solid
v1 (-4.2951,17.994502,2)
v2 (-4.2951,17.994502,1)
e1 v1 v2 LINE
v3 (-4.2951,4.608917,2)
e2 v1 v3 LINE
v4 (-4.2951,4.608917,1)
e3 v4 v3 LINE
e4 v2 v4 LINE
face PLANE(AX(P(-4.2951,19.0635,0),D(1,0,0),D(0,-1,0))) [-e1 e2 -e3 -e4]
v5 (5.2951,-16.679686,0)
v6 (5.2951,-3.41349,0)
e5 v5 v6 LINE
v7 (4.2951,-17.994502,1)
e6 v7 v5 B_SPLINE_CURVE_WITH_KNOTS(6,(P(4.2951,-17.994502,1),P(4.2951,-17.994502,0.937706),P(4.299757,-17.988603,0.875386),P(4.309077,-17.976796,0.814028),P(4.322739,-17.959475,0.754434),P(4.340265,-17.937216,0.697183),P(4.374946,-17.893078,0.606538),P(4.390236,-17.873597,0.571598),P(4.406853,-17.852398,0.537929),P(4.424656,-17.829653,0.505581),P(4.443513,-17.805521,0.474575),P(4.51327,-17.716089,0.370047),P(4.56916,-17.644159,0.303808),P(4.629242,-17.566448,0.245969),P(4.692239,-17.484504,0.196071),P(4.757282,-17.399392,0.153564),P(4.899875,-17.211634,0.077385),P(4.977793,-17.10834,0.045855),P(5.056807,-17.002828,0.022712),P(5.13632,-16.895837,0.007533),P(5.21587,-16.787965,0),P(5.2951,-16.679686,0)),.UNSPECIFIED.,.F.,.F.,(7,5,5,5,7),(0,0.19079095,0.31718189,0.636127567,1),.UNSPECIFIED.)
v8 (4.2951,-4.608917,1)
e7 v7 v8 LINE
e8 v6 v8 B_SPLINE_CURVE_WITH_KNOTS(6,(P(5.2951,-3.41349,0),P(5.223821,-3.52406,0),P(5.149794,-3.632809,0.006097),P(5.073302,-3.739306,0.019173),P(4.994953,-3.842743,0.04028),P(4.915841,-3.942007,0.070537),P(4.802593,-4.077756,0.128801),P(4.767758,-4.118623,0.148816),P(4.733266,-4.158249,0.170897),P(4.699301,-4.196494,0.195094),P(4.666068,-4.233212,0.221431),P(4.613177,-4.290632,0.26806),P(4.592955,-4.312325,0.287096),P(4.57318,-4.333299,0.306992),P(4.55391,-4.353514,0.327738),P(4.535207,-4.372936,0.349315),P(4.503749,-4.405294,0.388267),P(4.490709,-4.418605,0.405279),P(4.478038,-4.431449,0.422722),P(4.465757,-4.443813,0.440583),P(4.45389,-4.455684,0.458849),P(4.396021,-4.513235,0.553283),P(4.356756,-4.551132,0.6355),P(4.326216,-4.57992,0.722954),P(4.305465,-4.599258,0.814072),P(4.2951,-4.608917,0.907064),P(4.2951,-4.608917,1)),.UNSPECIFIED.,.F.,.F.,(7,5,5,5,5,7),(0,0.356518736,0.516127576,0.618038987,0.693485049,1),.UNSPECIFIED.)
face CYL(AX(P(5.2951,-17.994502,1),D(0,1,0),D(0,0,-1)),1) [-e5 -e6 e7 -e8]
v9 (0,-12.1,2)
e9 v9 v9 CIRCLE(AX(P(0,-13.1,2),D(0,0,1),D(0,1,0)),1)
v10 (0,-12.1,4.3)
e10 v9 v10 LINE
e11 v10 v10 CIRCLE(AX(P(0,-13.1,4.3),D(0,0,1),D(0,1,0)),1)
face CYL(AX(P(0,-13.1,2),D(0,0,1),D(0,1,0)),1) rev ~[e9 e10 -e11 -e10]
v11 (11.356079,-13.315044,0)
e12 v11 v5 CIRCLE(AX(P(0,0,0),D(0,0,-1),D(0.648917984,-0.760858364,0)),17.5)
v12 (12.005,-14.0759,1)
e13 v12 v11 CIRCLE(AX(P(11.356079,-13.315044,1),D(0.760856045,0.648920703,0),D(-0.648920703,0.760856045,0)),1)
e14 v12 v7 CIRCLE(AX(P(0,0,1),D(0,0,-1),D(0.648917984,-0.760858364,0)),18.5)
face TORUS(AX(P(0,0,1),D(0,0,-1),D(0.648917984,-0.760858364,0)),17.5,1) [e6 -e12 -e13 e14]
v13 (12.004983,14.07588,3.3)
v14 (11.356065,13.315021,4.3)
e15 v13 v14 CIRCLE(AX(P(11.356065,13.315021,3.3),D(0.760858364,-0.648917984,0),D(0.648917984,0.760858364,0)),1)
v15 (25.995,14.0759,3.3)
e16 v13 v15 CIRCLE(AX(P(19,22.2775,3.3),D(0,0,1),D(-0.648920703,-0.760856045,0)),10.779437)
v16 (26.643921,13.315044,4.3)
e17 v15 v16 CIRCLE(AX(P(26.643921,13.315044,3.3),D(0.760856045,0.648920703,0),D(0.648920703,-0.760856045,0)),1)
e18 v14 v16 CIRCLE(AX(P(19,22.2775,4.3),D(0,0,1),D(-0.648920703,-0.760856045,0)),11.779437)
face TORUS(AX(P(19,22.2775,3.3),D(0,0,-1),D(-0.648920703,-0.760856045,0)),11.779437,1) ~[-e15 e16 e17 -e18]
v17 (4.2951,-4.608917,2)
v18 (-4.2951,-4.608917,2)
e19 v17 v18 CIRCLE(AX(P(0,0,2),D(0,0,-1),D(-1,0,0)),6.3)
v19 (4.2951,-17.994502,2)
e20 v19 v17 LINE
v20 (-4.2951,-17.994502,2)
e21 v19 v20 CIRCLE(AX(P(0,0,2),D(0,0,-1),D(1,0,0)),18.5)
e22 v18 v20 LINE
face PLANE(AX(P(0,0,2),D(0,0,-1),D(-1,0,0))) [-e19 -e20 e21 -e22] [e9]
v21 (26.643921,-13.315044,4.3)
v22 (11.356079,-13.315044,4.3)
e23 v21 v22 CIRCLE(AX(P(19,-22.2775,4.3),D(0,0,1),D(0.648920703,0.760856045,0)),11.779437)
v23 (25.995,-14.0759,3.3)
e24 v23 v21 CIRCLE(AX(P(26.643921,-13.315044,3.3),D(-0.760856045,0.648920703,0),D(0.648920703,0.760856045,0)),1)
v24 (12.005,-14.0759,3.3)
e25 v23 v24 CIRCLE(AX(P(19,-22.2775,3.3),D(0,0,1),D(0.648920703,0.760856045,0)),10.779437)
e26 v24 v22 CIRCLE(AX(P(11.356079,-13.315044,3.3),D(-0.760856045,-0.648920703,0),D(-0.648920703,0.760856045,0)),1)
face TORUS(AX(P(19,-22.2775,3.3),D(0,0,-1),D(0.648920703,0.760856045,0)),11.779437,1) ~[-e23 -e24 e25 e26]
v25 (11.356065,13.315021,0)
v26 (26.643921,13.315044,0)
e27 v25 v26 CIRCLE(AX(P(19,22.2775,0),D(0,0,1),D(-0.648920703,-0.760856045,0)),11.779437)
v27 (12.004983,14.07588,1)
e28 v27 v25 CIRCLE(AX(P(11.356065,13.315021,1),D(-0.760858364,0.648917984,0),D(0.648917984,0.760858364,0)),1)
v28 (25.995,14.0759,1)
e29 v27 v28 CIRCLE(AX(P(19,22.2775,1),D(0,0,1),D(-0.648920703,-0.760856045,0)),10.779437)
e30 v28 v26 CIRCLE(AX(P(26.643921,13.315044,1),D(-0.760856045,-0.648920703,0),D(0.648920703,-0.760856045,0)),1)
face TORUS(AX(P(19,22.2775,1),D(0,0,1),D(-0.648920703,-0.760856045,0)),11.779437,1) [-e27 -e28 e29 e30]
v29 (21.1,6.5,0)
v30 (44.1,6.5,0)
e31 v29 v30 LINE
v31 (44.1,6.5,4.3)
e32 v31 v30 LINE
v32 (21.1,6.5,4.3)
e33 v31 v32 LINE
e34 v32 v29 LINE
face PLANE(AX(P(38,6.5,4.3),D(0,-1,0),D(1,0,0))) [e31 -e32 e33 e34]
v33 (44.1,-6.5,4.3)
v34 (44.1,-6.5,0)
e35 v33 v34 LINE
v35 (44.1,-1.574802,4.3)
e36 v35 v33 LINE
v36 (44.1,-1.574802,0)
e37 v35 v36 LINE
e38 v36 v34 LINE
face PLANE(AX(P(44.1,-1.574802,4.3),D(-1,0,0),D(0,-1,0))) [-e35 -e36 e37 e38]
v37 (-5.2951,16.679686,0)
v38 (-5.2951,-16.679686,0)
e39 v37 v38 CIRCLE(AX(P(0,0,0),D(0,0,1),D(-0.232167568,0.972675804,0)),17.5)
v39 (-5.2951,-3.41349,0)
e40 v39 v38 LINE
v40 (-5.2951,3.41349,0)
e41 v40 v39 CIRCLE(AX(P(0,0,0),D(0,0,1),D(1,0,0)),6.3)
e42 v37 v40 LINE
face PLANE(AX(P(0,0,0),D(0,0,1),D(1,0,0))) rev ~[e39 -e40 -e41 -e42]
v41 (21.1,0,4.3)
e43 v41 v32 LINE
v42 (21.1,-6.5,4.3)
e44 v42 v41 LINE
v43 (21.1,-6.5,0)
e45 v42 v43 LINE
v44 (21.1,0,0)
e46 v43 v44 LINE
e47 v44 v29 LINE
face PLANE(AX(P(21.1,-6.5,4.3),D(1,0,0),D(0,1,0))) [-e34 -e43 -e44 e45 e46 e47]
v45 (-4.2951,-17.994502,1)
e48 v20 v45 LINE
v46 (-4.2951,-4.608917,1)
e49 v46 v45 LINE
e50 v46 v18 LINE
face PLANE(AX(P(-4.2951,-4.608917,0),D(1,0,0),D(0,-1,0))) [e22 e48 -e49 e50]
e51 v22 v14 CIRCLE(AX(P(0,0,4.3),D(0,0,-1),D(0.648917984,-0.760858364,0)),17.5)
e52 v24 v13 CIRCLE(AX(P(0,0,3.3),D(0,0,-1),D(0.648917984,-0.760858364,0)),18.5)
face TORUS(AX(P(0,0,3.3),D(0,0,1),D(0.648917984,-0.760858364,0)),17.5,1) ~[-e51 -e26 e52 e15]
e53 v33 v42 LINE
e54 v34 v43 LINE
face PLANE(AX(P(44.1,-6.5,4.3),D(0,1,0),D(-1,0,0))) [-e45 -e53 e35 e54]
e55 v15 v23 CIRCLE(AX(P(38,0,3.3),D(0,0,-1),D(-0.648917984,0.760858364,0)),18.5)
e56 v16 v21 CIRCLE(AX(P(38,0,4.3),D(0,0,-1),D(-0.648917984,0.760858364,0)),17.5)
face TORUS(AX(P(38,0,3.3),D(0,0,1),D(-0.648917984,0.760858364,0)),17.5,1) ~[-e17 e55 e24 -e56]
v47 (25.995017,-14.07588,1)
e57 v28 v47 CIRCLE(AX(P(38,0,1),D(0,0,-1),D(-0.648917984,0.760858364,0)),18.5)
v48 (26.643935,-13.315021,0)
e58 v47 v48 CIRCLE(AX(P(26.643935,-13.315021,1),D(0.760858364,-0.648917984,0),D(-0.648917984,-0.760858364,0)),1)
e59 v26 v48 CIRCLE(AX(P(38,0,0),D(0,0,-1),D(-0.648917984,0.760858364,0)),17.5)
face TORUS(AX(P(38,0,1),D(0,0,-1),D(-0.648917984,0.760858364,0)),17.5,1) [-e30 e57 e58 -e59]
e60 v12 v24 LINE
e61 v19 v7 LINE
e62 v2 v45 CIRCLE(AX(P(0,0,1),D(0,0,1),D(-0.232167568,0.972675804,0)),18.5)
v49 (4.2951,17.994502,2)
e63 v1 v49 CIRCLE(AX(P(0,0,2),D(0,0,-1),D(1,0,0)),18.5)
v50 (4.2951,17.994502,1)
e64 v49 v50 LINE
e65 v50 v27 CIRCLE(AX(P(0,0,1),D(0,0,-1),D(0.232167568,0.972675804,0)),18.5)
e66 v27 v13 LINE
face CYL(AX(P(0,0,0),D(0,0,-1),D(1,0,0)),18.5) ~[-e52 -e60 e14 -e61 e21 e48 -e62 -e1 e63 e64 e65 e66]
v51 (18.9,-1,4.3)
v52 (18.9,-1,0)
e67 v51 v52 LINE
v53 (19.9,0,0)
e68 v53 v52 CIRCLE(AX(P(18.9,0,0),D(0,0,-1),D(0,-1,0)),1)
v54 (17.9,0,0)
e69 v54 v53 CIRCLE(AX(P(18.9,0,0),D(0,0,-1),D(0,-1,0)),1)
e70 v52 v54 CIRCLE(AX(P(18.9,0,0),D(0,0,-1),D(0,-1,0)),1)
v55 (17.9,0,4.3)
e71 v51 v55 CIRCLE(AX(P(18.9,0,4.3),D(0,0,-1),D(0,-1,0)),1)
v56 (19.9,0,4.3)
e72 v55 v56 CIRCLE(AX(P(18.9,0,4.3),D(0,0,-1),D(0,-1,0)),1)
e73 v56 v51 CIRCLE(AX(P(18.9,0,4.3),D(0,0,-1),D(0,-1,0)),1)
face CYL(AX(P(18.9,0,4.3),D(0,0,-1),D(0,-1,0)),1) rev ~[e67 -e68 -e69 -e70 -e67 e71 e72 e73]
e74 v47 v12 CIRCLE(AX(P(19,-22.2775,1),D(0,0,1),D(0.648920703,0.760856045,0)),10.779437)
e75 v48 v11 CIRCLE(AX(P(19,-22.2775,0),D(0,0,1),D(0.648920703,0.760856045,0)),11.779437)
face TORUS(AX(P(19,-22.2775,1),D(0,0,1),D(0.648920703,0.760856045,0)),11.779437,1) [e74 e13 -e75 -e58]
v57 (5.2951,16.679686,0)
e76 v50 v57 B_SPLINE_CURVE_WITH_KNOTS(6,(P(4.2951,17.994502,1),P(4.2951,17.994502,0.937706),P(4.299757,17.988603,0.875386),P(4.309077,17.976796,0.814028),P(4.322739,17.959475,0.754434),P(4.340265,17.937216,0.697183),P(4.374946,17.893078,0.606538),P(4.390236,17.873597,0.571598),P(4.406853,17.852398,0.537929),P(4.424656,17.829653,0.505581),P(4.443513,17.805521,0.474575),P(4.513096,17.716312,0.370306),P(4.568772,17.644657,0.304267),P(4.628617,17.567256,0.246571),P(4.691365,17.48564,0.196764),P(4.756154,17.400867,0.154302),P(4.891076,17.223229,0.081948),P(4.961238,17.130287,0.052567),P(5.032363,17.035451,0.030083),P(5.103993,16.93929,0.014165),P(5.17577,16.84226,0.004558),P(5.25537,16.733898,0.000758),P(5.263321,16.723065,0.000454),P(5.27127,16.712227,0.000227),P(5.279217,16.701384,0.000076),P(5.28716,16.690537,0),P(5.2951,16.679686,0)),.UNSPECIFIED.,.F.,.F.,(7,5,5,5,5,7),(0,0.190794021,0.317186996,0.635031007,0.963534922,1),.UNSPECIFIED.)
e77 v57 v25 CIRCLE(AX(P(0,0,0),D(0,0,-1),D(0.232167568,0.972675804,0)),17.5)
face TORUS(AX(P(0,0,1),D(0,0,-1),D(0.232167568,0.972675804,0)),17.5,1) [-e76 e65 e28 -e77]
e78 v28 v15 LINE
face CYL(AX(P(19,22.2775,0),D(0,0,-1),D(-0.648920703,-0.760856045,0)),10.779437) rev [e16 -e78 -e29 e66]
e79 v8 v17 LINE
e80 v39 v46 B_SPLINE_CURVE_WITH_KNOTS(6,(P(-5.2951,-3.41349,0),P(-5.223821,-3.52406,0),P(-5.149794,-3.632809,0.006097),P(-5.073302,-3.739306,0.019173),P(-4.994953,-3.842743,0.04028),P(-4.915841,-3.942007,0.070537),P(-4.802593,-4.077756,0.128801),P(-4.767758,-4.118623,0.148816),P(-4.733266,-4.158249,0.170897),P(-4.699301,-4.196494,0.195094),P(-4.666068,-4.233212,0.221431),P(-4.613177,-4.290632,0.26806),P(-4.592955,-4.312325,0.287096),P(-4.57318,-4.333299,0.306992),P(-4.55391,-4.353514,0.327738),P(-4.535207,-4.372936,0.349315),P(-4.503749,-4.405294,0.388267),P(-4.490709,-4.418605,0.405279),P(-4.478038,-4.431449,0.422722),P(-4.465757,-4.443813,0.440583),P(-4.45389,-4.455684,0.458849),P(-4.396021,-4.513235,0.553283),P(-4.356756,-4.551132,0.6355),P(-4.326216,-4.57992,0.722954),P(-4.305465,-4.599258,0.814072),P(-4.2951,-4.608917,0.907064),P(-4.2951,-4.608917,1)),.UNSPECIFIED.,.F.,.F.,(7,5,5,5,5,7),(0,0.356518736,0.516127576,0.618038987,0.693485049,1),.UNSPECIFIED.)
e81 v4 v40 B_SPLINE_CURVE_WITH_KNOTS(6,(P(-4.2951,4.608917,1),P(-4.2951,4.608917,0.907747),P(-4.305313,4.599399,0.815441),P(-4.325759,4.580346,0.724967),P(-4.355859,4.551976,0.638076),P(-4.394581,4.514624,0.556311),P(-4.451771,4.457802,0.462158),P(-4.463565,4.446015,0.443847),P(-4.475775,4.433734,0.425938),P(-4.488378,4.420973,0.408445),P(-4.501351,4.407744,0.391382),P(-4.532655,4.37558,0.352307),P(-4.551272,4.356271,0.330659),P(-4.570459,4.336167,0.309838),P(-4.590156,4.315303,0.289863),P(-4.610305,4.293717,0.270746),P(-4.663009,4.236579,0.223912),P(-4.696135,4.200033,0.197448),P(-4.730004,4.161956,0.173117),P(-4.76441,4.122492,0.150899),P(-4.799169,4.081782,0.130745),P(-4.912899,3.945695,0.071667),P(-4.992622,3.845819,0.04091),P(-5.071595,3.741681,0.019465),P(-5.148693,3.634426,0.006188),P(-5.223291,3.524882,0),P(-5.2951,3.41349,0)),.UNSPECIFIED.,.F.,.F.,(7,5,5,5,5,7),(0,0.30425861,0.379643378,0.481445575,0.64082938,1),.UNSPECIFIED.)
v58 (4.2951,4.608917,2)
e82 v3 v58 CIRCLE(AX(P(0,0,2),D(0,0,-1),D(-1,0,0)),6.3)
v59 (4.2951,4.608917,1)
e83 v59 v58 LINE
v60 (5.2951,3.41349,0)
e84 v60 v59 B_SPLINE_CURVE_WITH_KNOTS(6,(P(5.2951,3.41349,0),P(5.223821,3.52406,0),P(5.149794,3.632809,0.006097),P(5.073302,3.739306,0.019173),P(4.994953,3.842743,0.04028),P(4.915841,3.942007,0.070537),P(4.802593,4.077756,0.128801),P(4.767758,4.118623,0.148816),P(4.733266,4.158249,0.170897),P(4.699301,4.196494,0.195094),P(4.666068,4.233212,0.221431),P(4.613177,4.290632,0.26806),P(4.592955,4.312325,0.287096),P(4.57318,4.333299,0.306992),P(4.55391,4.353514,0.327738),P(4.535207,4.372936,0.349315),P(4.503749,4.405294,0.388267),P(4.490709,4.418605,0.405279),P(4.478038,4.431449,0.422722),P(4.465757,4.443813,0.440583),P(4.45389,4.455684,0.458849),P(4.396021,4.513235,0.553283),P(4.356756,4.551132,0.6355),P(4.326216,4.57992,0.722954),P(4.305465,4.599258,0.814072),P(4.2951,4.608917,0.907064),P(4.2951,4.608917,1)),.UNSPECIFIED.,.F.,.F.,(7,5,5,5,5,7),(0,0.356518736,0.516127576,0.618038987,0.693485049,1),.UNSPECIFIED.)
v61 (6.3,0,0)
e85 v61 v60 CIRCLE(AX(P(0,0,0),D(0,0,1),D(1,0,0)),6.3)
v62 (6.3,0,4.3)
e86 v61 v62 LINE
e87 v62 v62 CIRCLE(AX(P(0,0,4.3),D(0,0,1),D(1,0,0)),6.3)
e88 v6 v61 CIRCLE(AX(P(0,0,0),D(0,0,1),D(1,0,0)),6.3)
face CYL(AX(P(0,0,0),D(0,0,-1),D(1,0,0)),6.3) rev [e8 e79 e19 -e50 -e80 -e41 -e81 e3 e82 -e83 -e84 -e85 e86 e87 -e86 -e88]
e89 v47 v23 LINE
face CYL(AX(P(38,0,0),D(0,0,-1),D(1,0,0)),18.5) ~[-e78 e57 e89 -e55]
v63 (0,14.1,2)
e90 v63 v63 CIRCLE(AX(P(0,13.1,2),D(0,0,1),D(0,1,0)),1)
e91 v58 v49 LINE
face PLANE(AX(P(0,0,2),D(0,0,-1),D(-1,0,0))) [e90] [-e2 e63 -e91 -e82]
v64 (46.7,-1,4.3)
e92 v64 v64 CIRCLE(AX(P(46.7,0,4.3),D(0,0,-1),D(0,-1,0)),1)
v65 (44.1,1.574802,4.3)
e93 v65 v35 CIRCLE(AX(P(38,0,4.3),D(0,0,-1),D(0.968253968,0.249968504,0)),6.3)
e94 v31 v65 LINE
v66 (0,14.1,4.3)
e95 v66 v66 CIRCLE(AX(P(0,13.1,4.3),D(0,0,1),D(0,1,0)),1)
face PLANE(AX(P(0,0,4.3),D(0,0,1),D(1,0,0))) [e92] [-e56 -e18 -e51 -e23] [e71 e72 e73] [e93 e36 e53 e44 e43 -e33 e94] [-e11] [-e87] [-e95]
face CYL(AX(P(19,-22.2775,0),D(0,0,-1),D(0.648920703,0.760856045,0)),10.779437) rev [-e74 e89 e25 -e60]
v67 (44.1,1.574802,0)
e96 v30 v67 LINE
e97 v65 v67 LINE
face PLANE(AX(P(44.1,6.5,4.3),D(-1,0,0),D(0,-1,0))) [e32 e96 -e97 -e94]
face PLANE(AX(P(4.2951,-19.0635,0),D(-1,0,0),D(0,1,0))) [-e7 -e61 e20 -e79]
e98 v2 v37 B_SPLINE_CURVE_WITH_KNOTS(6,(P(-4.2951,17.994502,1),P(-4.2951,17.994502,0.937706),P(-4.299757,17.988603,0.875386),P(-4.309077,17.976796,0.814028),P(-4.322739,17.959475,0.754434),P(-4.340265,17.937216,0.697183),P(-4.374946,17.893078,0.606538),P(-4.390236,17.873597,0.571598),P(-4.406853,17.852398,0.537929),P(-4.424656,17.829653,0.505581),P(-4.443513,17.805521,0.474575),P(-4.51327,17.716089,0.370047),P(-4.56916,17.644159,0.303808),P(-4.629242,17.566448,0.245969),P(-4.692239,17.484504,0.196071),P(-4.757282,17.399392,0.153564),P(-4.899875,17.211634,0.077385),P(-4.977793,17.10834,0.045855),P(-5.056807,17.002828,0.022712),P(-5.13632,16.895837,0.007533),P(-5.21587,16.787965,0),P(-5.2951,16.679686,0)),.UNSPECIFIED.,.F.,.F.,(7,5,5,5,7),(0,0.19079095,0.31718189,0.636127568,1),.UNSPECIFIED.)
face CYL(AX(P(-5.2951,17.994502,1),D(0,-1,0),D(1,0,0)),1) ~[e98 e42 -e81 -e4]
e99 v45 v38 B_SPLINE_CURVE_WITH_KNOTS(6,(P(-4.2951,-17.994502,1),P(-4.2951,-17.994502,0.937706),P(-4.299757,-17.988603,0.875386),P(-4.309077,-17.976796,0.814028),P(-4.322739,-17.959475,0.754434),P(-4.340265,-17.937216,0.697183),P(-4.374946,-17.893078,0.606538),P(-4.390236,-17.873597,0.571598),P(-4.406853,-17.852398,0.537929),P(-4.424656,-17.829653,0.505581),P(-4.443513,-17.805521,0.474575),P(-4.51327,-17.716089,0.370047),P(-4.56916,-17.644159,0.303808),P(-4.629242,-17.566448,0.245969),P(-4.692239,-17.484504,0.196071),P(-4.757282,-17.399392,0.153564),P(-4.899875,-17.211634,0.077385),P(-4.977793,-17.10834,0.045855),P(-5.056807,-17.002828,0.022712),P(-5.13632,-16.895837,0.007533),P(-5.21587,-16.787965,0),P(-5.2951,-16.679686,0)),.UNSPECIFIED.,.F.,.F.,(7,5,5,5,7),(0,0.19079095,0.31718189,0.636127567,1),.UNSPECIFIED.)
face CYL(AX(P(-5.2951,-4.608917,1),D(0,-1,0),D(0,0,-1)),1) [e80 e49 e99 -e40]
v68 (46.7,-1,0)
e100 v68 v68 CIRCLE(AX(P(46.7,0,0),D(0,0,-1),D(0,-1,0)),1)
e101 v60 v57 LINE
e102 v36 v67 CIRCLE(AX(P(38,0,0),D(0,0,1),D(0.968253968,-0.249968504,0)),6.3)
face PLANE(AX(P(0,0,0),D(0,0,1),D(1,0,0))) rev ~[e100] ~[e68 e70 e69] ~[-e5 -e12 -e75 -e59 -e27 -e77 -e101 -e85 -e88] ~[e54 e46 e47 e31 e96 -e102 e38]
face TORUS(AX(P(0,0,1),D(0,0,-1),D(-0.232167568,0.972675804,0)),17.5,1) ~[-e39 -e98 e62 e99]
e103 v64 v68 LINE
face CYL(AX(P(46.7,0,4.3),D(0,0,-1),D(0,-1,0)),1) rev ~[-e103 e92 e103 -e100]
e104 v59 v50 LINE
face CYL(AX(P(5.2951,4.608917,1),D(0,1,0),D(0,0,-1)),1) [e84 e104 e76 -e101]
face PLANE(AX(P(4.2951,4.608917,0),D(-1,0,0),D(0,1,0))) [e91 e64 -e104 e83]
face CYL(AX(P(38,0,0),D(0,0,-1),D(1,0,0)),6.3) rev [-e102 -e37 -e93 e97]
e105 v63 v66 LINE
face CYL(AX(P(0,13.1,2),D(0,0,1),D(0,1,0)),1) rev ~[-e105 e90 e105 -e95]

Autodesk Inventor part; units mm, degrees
ref_plane "YZ Plane" through (0, 0, 0) normal (1, 0, 0) x (0, 1, 0)
ref_plane "XZ Plane" through (0, 0, 0) normal (0, 1, 0) x (-1, 0, 0)
ref_plane "XY Plane" through (0, 0, 0) normal (0, 0, 1) x (1, 0, 0)
sketch "Sketch2" plane through (0, 0, 0) normal (0, 0, 1) x (1, 0, 0)
  circle A0 centre (0, 0) radius 18.5
  circle A1 centre (38, 0) radius 6.3
  circle A2 centre (0, 0) radius 6.3
  circle A3 centre (38, 0) radius 18.5
  line L0 (-1.1534, 0) -> (34.5511, 0)
  arc A4 (12.005, 14.0759) -> (25.995, 14.0759) centre (19, 22.2775) ccw
  arc A5 (25.995, -14.0759) -> (12.005, -14.0759) centre (19, -22.2775) ccw
  line L1 (1.1428, -18.5) -> (0, -18.5)
  line L2 (1.1428, 18.5) -> (0, 18.5)
  point P0 (38, 18.5)
  point P1 (38, -18.5)
  point P2 (18.5, 0)
  dimension "d0" = 37
  dimension "d19" = 12.6
  dimension "d20" = 37
  dimension "d26" = 38
extrude "Extrusion1" add sketch "Sketch2" along normal blind 4.3
sketch "Sketch3" plane through (0, 0, 4.3) normal (0, 0, 1) x (1, 0, 0)
  circle A0 centre (38, 0) radius 6.3 projected
  line L0 (38, 0) -> (38, 2.8384)
  point P0 (0, 0)
  point P1 (46.7, 0)
  point P2 (18.9, 0)
  dimension "d7" = 27.8
  dimension "d16" = 8.7
hole "Hole1" at (46.7, 0, 4.3) at (18.9, 0, 4.3) direction (0, 0, -1) diameter 2 depth 7
sketch "Sketch4" plane through (0, 0, 0) normal (0, 0, -1) x (-1, 0, 0)
  circle A0 centre (0, 0) radius 6.3 projected
  line L0 (0, 3.334) -> (0, -2.474)
  line L1 (-2.132, 0) -> (2.0257, 0)
  line L2 (-4.2951, 19.0635) -> (4.2951, 19.0635)
  line L3 (4.2951, 19.0635) -> (4.2951, -19.0635)
  line L4 (4.2951, -19.0635) -> (-4.2951, -19.0635)
  line L5 (-4.2951, -19.0635) -> (-4.2951, 19.0635)
  point P0 (4.2951, -4.609)
  point P1 (-4.2951, -4.609)
  point P2 (-4.2951, 4.609)
  point P3 (4.2951, 4.609)
extrude "Extrusion2" cut sketch "Sketch4" against normal blind 2 contours A0 L5 L2 L3 | L3 L4 L5 A0
sketch "Sketch5" plane through (0, 0, 4.3) normal (0, 0, 1) x (1, 0, 0)
  circle A0 centre (38, 0) radius 6.3 projected
  line L0 (38, 0) -> (38, 11.0593)
  line L1 (38, 0) -> (42.2148, 0)
  line L2 (21.1, 6.5) -> (44.1, 6.5)
  line L3 (44.1, 6.5) -> (44.1, -6.5)
  line L4 (44.1, -6.5) -> (21.1, -6.5)
  line L5 (21.1, -6.5) -> (21.1, 6.5)
  circle A1 centre (46.7, 0) radius 1 projected
  point P0 (0, 0)
  point P1 (44.1, -1.5748)
  point P2 (44.1, 1.5748)
  dimension "d21" = 13
  dimension "d22" = 23
  dimension "d23" = 2.6
extrude "Extrusion3" cut sketch "Sketch5" against normal blind 4.3 contours A0 L0 L2 L3 | L3 L4 L5 L2 L0 A0
fillet "Fillet1" radius 1 14 edges at (19, 11.498, 0) (8.3822, 16.4921, 0) (19, -11.498, 0) (8.3822, -16.4921, 0) (56.5, 0, 0) (-18.5, 0, 0) (19, -11.498, 4.3) (56.5, 0, 4.3) (19, 11.498, 4.3) (-18.5, 0, 4.3) (4.2951, 11.3017, 0) (4.2951, -11.3017, 0) (-4.2951, 11.3017, 0) (-4.2951, -11.3017, 0)
sketch "Sketch7" plane through (0, 0, 2) normal (0, 0, -1) x (-1, 0, 0)
  circle A0 centre (0, 0) radius 6.3 projected
  line L0 (0, 0) -> (0, 23.1769)
  line L1 (0, 0) -> (3.1147, 0)
  point P0 (0, 13.1)
  point P1 (0, -13.1)
  dimension "d28" = 26.2
hole "Hole2" at (0, 13.1, 2) at (0, -13.1, 2) direction (0, 0, 1) diameter 2 depth 2.3
properties part number "firsarm" material "Polystyrene"
